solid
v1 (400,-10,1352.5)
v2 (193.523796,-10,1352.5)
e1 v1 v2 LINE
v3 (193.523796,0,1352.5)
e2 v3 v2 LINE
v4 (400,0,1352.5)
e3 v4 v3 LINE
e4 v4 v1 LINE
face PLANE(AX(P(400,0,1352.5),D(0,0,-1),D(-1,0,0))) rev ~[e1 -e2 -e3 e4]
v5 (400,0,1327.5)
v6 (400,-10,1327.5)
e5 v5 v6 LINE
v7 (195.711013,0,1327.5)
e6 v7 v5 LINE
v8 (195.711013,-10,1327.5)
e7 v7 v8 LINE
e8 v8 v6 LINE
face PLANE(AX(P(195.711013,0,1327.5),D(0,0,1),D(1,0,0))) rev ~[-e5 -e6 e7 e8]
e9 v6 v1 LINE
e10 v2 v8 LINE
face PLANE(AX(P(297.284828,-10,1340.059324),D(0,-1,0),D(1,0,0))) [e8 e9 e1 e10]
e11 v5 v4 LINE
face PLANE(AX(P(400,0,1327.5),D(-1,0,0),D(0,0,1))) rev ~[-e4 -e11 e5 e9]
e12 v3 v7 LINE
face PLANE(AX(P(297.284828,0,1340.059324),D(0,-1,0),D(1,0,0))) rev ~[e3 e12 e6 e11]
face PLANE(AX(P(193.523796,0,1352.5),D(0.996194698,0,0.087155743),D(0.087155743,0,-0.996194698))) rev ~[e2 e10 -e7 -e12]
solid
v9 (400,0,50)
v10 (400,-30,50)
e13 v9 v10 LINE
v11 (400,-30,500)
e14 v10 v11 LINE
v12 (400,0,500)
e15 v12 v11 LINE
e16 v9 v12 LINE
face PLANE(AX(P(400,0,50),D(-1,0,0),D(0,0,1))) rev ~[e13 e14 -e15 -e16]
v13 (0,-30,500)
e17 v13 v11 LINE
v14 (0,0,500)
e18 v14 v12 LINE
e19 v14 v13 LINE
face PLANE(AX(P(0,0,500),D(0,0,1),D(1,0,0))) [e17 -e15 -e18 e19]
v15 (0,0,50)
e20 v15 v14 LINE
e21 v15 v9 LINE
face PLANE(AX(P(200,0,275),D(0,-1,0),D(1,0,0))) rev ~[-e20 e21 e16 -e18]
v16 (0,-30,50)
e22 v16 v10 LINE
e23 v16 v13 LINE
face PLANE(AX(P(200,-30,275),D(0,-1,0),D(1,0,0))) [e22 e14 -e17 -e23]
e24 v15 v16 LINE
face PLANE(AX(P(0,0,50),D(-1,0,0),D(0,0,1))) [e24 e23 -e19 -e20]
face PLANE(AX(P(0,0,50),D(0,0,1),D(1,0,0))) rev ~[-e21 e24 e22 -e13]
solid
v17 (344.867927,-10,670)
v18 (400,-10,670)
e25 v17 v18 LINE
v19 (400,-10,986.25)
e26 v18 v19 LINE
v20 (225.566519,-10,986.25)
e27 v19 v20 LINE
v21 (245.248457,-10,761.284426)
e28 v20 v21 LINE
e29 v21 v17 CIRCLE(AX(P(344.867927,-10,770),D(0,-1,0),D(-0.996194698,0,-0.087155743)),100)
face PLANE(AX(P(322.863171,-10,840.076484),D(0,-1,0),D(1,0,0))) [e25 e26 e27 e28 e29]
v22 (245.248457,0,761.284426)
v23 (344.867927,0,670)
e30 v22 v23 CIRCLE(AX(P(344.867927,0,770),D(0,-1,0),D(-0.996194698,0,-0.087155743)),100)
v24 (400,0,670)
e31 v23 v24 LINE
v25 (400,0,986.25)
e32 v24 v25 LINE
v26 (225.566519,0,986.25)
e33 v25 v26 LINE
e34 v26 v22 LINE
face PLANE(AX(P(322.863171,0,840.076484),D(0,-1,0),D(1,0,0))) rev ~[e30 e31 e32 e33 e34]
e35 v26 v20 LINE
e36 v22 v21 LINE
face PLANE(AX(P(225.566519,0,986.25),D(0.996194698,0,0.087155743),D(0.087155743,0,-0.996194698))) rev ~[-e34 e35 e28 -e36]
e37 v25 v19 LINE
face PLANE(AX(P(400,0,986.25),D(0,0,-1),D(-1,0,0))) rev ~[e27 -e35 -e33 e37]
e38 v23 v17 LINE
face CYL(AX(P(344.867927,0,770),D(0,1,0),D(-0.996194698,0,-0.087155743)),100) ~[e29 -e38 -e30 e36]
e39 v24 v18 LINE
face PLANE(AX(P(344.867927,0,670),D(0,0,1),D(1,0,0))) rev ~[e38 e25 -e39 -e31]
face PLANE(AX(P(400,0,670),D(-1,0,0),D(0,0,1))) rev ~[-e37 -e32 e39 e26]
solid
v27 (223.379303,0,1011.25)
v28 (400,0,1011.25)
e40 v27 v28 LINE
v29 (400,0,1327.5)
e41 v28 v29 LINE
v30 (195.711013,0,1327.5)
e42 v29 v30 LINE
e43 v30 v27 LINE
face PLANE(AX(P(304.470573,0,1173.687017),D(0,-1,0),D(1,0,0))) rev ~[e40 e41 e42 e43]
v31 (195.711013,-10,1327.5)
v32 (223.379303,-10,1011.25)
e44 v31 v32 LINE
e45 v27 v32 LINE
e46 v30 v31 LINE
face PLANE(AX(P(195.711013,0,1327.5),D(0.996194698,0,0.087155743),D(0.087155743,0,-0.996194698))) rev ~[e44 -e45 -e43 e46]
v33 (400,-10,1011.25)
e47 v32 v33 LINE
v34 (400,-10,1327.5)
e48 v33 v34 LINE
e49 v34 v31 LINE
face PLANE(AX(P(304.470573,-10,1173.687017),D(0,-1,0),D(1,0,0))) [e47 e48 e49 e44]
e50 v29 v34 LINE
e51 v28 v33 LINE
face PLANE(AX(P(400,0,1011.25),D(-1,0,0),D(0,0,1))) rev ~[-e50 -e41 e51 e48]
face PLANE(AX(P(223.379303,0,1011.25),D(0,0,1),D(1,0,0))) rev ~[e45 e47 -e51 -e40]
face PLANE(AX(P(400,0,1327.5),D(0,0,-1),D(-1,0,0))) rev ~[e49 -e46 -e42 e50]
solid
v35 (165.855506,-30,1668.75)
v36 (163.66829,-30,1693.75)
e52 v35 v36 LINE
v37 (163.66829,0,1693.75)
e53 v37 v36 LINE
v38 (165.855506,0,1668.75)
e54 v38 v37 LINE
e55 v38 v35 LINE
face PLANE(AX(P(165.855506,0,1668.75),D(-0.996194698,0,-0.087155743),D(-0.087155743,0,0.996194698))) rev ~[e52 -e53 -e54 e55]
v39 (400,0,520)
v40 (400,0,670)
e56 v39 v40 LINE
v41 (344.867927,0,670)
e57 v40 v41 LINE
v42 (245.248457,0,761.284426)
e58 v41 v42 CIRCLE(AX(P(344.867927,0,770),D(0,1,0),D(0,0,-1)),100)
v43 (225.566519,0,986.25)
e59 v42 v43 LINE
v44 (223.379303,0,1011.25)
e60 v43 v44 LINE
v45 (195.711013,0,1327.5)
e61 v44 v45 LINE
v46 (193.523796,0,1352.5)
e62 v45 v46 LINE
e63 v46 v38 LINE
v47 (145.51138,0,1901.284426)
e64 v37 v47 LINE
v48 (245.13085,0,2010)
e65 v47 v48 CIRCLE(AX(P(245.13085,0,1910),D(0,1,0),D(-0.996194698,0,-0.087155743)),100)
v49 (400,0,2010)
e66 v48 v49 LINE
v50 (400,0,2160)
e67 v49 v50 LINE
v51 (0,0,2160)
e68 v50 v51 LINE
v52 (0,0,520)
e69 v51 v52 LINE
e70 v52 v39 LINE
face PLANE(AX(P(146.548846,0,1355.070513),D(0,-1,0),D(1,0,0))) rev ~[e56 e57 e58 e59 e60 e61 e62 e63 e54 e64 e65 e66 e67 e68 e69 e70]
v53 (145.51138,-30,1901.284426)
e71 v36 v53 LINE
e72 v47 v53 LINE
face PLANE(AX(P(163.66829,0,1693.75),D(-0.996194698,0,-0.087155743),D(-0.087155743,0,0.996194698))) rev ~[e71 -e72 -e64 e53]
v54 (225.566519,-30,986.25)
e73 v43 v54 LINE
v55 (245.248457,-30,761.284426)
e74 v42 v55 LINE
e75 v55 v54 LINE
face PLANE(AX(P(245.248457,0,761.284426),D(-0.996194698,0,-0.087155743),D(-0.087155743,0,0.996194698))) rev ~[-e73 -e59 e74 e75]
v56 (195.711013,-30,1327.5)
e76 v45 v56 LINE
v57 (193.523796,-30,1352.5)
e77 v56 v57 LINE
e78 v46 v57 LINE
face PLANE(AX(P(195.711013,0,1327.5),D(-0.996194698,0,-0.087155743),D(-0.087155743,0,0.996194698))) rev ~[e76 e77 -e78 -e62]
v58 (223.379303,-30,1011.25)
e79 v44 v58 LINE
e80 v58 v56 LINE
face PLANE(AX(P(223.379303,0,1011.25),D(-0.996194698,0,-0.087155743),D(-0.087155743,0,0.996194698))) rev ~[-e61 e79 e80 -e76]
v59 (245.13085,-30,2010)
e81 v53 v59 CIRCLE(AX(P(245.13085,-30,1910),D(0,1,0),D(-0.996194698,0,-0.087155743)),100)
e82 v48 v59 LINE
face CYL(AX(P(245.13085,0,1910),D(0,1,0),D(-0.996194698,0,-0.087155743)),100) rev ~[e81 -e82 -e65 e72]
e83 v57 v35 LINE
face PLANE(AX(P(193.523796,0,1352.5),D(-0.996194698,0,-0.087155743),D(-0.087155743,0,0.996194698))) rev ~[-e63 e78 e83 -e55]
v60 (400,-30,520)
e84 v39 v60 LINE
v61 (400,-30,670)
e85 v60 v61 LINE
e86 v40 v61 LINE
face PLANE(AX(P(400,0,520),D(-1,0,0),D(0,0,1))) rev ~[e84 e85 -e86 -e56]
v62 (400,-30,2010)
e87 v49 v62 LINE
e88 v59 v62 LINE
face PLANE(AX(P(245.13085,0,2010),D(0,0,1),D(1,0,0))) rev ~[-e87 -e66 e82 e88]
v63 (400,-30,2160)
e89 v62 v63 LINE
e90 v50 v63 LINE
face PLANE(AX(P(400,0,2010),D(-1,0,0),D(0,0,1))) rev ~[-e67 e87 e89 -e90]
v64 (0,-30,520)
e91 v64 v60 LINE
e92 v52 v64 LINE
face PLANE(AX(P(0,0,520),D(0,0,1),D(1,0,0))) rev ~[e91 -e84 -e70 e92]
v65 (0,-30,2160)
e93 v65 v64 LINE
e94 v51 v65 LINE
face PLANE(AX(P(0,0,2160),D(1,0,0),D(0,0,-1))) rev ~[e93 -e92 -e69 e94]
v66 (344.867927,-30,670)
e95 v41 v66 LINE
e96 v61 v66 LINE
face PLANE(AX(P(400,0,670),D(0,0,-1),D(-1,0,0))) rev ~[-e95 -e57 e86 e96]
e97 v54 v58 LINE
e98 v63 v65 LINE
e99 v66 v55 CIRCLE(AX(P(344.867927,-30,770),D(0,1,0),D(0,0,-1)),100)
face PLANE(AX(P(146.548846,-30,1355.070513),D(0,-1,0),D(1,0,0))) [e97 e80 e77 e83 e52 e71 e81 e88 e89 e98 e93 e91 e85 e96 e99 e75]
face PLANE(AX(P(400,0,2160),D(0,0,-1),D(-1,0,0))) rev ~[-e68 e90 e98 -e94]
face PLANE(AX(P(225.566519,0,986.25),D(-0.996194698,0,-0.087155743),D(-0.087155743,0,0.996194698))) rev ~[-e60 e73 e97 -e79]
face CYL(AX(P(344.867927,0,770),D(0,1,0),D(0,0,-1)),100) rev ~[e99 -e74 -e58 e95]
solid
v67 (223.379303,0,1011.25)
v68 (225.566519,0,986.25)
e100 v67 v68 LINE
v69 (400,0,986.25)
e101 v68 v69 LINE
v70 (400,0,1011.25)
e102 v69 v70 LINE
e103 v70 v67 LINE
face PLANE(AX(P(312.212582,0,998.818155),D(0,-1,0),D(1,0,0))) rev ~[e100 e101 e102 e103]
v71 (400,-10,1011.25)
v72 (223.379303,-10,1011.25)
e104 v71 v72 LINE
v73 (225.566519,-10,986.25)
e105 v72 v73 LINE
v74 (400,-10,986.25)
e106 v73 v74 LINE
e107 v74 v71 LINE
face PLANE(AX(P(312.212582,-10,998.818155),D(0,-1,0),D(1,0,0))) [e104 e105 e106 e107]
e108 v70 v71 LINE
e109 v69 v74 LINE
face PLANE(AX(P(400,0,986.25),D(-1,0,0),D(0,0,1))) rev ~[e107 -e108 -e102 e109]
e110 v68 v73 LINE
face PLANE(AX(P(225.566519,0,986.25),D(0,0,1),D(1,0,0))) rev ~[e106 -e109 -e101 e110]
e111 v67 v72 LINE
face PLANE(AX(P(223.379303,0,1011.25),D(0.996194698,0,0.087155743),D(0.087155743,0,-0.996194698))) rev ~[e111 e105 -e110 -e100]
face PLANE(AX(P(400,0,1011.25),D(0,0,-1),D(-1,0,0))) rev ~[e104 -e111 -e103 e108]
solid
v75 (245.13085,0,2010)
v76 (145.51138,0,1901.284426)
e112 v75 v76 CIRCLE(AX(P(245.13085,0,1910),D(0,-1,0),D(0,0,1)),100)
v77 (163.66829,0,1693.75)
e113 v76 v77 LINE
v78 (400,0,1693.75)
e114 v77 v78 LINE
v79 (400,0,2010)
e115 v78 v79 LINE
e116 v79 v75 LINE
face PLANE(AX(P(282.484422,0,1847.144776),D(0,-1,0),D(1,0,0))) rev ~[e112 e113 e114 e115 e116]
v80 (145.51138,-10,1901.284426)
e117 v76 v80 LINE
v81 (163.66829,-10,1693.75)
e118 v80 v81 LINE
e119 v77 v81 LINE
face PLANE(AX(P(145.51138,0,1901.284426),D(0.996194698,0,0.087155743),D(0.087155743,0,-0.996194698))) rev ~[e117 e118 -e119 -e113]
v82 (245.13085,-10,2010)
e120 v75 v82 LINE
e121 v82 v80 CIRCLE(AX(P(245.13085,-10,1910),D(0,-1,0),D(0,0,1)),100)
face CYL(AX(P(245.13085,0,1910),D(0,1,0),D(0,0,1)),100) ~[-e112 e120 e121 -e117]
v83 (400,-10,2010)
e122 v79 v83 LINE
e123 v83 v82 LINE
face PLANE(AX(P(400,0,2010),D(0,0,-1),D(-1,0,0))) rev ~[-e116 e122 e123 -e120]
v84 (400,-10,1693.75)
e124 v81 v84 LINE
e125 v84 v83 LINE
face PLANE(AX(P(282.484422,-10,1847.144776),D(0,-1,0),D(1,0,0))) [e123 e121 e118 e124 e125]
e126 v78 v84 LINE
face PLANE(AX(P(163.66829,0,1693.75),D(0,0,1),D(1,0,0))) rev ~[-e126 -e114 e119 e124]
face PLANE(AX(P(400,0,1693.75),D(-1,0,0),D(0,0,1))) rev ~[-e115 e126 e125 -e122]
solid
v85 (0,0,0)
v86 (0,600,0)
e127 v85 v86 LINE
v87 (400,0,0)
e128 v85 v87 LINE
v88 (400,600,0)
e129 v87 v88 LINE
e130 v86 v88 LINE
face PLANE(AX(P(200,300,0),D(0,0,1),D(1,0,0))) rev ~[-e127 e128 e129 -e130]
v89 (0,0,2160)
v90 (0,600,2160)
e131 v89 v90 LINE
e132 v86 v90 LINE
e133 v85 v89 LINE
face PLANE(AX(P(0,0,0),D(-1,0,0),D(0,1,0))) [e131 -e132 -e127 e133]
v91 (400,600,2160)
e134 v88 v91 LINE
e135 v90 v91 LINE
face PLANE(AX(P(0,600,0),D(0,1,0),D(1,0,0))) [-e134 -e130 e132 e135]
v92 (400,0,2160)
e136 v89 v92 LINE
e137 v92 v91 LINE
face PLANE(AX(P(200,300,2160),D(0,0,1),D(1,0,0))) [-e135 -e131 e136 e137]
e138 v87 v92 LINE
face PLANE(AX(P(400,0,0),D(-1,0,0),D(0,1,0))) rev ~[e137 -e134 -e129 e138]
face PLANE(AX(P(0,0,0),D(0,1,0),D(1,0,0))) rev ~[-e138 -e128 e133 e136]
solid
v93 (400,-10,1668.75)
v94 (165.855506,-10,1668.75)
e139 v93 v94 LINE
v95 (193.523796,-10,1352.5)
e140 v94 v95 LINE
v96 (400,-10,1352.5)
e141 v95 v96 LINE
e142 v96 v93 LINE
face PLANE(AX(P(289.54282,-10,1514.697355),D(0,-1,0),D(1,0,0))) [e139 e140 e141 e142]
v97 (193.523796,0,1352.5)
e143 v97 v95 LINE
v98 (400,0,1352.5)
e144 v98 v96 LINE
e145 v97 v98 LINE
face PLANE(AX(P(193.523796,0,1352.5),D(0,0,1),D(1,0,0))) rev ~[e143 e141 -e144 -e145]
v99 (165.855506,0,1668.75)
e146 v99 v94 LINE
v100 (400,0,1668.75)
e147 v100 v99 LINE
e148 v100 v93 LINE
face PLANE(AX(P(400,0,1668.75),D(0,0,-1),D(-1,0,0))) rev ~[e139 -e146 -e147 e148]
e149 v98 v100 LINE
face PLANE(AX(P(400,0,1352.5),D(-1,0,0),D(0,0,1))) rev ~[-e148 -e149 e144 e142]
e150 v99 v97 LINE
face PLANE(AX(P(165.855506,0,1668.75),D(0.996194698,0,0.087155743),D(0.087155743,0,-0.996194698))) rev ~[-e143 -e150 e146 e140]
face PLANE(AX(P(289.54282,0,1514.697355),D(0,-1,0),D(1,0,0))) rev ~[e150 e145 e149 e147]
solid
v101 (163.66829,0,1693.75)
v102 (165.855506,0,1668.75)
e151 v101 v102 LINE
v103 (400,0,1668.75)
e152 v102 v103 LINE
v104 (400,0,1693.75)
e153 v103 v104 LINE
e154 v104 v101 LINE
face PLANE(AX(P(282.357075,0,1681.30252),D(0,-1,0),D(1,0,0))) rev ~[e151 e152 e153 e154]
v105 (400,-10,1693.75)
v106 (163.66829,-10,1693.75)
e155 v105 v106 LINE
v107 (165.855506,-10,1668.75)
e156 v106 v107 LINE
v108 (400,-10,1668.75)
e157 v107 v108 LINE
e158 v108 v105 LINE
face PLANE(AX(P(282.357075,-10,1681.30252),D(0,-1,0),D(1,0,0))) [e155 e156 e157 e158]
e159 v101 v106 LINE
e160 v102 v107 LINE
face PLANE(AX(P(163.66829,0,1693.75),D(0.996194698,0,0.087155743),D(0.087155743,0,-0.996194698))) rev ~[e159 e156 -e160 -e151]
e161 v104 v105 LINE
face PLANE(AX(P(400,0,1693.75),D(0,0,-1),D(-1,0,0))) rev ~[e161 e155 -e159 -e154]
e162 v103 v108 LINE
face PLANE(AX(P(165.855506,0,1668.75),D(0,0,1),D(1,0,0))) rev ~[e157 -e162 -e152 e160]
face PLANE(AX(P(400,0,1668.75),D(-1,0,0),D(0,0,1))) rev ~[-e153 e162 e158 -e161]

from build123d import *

# Parameters (mm, degrees)
F1_W     = 400
F1_H     = 600
F2_DEPTH = 2160
F3_W     = 400
F3_H     = 450
F4_DEPTH = 30
F5_DEPTH = 10
F6_DEPTH = 10


with BuildPart() as f2:
    # F1 (on Top) → F2 (new body)
    with BuildSketch(Plane.XY):
        with Locations((200, 300)):
            Rectangle(F1_W, F1_H)
    extrude(amount=F2_DEPTH)


with BuildPart() as f4:
    # F3 (on face) → F4 (new body)
    with BuildSketch(Plane.XZ):
        with Locations((200, 275)):
            Rectangle(F3_W, F3_H)
    extrude(amount=F4_DEPTH)


with BuildPart() as f4b:
    # F3 (on face) → F4, piece 2 (new body)
    with BuildSketch(Plane.XZ):
        with BuildLine():
            Line((0, 2160), (0, 520))
            Line((0, 520), (400, 520))
            Line((400, 520), (400, 670))
            Line((400, 670), (344.8679265265, 670))
            ThreePointArc((344.8679265265, 670), (277.3089057649, 696.272266319), (245.2484567173, 761.2844257252))
            Line((245.2484567173, 761.2844257252), (225.5665192847, 986.25))
            Line((225.5665192847, 986.25), (223.3793026965, 1011.25))
            Line((223.3793026965, 1011.25), (195.7110128564, 1327.5))
            Line((195.7110128564, 1327.5), (193.5237962683, 1352.5))
            Line((193.5237962683, 1352.5), (165.8555064282, 1668.75))
            Line((165.8555064282, 1668.75), (163.6682898401, 1693.75))
            Line((163.6682898401, 1693.75), (145.5113802978, 1901.2844257252))
            ThreePointArc((145.5113802978, 1901.2844257252), (171.4031164259, 1977.5590207616), (245.1308501069, 2010))
            Line((245.1308501069, 2010), (400, 2010))
            Line((400, 2010), (400, 2160))
            Line((400, 2160), (0, 2160))
        make_face()
    extrude(amount=F4_DEPTH)


with BuildPart() as f5:
    # F3 (on face) → F5 (new body)
    with BuildSketch(Plane.XZ):
        with BuildLine():
            Line((400, 1693.75), (400, 2010))
            Line((400, 2010), (245.1308501069, 2010))
            ThreePointArc((245.1308501069, 2010), (171.4031164259, 1977.5590207616), (145.5113802978, 1901.2844257252))
            Line((145.5113802978, 1901.2844257252), (163.6682898401, 1693.75))
            Line((163.6682898401, 1693.75), (400, 1693.75))
        make_face()
    extrude(amount=F5_DEPTH)


with BuildPart() as f5b:
    # F3 (on face) → F5, piece 2 (new body)
    with BuildSketch(Plane.XZ):
        Polygon((400, 1352.5), (400, 1668.75), (165.8555064282, 1668.75), (193.5237962683, 1352.5), align=None)
    extrude(amount=F5_DEPTH)


with BuildPart() as f5c:
    # F3 (on face) → F5, piece 3 (new body)
    with BuildSketch(Plane.XZ):
        Polygon((223.3793026965, 1011.25), (400, 1011.25), (400, 1327.5), (195.7110128564, 1327.5), align=None)
    extrude(amount=F5_DEPTH)


with BuildPart() as f5d:
    # F3 (on face) → F5, piece 4 (new body)
    with BuildSketch(Plane.XZ):
        with BuildLine():
            Line((344.8679265265, 670), (400, 670))
            Line((400, 670), (400, 986.25))
            Line((400, 986.25), (225.5665192847, 986.25))
            Line((225.5665192847, 986.25), (245.2484567173, 761.2844257252))
            ThreePointArc((245.2484567173, 761.2844257252), (277.3089057649, 696.272266319), (344.8679265265, 670))
        make_face()
    extrude(amount=F5_DEPTH)


with BuildPart() as f6:
    # F3 (on face) → F6 (new body)
    with BuildSketch(Plane.XZ):
        Polygon((400, 1668.75), (400, 1693.75), (163.6682898401, 1693.75), (165.8555064282, 1668.75), align=None)
    extrude(amount=F6_DEPTH)


with BuildPart() as f6b:
    # F3 (on face) → F6, piece 2 (new body)
    with BuildSketch(Plane.XZ):
        Polygon((195.7110128564, 1327.5), (400, 1327.5), (400, 1352.5), (193.5237962683, 1352.5), align=None)
    extrude(amount=F6_DEPTH)


with BuildPart() as f6c:
    # F3 (on face) → F6, piece 3 (new body)
    with BuildSketch(Plane.XZ):
        Polygon((225.5665192847, 986.25), (400, 986.25), (400, 1011.25), (223.3793026965, 1011.25), align=None)
    extrude(amount=F6_DEPTH)


solid = Compound([f2.part, f4.part, f4b.part, f5.part, f5b.part, f5c.part, f5d.part, f6.part, f6b.part, f6c.part])
